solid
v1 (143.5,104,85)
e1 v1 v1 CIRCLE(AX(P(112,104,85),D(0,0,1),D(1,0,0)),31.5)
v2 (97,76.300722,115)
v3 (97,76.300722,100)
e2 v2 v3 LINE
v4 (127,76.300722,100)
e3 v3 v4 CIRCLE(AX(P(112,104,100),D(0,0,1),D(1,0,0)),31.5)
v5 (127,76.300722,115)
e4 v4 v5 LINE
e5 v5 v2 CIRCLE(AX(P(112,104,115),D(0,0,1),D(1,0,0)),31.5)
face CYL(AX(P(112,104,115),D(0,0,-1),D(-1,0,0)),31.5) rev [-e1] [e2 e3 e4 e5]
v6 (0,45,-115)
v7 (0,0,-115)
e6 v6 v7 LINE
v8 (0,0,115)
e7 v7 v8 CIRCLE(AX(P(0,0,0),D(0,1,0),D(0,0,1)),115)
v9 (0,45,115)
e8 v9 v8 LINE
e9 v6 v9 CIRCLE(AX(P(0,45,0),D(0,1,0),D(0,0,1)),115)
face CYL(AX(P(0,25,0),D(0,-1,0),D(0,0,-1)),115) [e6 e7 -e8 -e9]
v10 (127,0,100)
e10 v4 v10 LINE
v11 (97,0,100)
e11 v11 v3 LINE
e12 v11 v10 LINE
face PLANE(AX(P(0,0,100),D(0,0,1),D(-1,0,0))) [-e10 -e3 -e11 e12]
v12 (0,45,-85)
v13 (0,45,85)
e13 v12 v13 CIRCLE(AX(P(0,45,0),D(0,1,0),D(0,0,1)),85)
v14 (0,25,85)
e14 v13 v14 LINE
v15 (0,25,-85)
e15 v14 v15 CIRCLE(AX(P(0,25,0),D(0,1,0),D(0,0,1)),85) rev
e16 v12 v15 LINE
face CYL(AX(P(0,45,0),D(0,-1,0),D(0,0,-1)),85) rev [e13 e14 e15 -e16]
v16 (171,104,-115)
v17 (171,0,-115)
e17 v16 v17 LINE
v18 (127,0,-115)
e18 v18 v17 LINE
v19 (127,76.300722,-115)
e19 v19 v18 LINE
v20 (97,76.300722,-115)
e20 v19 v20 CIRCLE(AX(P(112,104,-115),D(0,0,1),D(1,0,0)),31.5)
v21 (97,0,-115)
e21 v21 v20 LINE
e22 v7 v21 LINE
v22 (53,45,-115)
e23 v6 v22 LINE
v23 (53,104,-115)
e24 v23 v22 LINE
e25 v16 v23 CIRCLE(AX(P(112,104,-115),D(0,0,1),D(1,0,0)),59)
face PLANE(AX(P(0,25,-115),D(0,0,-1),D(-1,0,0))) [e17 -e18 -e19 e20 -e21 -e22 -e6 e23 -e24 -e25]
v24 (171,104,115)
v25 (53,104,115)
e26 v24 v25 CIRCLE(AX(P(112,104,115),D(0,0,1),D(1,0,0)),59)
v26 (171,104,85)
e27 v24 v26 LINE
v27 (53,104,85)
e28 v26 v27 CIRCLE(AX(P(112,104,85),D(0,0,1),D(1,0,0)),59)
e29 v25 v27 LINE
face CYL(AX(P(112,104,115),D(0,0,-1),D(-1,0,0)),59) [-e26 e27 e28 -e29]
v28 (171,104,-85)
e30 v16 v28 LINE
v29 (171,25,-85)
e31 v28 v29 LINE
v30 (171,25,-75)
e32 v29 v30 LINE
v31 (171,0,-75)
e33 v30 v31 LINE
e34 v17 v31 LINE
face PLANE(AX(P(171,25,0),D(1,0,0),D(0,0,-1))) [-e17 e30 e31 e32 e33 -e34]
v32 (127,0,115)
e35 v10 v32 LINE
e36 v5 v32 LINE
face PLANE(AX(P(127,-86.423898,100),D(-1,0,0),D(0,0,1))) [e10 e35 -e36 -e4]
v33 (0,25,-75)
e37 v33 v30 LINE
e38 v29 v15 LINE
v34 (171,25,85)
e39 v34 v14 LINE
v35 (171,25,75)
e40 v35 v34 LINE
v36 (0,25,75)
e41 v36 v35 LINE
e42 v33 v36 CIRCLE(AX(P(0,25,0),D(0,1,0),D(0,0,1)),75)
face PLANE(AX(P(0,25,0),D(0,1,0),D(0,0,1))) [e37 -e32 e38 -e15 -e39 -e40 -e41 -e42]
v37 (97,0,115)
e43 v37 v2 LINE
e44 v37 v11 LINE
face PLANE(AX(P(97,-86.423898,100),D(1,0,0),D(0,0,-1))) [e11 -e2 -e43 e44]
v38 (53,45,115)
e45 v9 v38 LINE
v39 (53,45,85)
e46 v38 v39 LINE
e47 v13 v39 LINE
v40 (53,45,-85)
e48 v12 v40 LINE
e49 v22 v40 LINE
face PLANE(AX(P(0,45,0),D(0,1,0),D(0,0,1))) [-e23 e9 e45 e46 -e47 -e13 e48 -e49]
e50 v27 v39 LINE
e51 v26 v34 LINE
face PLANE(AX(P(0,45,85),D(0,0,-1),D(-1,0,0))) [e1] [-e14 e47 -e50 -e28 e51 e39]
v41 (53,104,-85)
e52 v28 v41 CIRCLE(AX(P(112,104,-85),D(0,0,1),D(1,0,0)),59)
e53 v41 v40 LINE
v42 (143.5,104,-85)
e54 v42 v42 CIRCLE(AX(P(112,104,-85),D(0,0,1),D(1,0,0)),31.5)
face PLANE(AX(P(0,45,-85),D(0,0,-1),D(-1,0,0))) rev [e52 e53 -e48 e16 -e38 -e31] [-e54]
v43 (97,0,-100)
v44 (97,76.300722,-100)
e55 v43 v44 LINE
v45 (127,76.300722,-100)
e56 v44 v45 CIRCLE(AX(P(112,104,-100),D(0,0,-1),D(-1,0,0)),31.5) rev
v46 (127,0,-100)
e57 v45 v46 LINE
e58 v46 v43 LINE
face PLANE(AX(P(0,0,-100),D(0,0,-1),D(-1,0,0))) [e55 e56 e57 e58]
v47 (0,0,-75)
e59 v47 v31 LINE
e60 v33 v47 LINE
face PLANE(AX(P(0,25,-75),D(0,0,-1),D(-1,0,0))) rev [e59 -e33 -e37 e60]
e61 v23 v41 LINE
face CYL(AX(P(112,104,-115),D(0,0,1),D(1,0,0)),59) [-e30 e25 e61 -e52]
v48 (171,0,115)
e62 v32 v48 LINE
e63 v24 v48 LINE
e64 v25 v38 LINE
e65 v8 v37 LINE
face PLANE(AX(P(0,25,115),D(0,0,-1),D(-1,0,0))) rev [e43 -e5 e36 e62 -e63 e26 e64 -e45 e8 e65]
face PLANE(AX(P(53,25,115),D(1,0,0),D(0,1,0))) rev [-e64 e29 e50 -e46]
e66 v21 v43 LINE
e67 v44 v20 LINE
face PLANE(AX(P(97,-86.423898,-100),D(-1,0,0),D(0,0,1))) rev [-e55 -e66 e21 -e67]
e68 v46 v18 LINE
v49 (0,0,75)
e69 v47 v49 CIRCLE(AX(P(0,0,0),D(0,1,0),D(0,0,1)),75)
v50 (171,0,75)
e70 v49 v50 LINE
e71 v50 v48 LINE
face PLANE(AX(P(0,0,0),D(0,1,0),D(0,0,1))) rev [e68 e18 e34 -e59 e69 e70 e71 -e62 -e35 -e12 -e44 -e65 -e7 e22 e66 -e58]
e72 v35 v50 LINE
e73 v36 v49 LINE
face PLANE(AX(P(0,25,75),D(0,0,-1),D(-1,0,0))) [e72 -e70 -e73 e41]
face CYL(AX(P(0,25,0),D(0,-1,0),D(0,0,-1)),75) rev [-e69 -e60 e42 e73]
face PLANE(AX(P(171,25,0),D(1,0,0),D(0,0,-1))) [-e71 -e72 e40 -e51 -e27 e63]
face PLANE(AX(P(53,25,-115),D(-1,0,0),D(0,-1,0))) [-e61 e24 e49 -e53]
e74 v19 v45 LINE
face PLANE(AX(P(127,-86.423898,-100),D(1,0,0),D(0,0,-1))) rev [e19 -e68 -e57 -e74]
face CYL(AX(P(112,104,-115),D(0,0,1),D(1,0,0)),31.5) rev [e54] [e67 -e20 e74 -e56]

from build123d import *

# Parameters (mm, degrees)
EXTRUDE_2_DEPTH     = 25
EXTRUDE_3_DEPTH     = 45
SKETCH_2_R          = 31.5
EXTRUDE_4_DEPTH     = 30
SKETCH_3_W          = 30
SKETCH_3_H          = 172.84779514
CUT_EXTRUDE_1_DEPTH = 15


with BuildPart() as part:
    # 草图1 → 凸台-拉伸2 (new body)
    with BuildSketch(Plane(origin=(0, 0, 0), x_dir=(1, 0, 0), z_dir=(0, 1, 0))):
        with BuildLine():
            Line((171, -115), (171, -75))
            Line((171, -75), (0, -75))
            ThreePointArc((0, -75), (-75, 0), (0, 75))
            Line((0, 75), (171, 75))
            Line((171, 75), (171, 115))
            Line((171, 115), (0, 115))
            ThreePointArc((0, 115), (-115, 0), (0, -115))
            Line((0, -115), (171, -115))
        make_face()
    extrude(amount=EXTRUDE_2_DEPTH)

    # 草图1<5> → 凸台-拉伸3 (add)
    with BuildSketch(Plane(origin=(0, 0, 0), x_dir=(1, 0, 0), z_dir=(0, 1, 0))):
        with BuildLine():
            ThreePointArc((0, -85), (-85, 0), (0, 85))
            Line((0, 85), (171, 85))
            Line((171, 85), (171, 115))
            Line((171, 115), (0, 115))
            ThreePointArc((0, 115), (-115, 0), (0, -115))
            Line((0, -115), (171, -115))
            Line((171, -115), (171, -85))
            Line((171, -85), (0, -85))
        make_face()
    extrude(amount=EXTRUDE_3_DEPTH)

    # 草图2 → 凸台-拉伸4 (add)
    with BuildSketch(Plane.XY.offset(-85)):
        with BuildLine():
            Line((171, 25), (53, 25))
            Line((53, 25), (53, 104))
            ThreePointArc((53, 104), (112, 163), (171, 104))
            Line((171, 104), (171, 25))
        make_face()
        with Locations((112, 104)):
            Circle(SKETCH_2_R, mode=Mode.SUBTRACT)
    extrude_4 = extrude(amount=-EXTRUDE_4_DEPTH)

    # 草图3 → 切除-拉伸1 (cut)
    with BuildSketch(Plane(origin=(0, 0, -115), x_dir=(-1, 0, 0), z_dir=(0, 0, -1))):
        with Locations((-112, 0)):
            Rectangle(SKETCH_3_W, SKETCH_3_H)
    cut_extrude_1 = extrude(amount=-CUT_EXTRUDE_1_DEPTH, mode=Mode.SUBTRACT)

    # 镜向4: 凸台-拉伸4, 切除-拉伸1 across plane
    add(extrude_4.mirror(Plane.XY))
    add(cut_extrude_1.mirror(Plane.XY), mode=Mode.SUBTRACT)


solid = part.part
